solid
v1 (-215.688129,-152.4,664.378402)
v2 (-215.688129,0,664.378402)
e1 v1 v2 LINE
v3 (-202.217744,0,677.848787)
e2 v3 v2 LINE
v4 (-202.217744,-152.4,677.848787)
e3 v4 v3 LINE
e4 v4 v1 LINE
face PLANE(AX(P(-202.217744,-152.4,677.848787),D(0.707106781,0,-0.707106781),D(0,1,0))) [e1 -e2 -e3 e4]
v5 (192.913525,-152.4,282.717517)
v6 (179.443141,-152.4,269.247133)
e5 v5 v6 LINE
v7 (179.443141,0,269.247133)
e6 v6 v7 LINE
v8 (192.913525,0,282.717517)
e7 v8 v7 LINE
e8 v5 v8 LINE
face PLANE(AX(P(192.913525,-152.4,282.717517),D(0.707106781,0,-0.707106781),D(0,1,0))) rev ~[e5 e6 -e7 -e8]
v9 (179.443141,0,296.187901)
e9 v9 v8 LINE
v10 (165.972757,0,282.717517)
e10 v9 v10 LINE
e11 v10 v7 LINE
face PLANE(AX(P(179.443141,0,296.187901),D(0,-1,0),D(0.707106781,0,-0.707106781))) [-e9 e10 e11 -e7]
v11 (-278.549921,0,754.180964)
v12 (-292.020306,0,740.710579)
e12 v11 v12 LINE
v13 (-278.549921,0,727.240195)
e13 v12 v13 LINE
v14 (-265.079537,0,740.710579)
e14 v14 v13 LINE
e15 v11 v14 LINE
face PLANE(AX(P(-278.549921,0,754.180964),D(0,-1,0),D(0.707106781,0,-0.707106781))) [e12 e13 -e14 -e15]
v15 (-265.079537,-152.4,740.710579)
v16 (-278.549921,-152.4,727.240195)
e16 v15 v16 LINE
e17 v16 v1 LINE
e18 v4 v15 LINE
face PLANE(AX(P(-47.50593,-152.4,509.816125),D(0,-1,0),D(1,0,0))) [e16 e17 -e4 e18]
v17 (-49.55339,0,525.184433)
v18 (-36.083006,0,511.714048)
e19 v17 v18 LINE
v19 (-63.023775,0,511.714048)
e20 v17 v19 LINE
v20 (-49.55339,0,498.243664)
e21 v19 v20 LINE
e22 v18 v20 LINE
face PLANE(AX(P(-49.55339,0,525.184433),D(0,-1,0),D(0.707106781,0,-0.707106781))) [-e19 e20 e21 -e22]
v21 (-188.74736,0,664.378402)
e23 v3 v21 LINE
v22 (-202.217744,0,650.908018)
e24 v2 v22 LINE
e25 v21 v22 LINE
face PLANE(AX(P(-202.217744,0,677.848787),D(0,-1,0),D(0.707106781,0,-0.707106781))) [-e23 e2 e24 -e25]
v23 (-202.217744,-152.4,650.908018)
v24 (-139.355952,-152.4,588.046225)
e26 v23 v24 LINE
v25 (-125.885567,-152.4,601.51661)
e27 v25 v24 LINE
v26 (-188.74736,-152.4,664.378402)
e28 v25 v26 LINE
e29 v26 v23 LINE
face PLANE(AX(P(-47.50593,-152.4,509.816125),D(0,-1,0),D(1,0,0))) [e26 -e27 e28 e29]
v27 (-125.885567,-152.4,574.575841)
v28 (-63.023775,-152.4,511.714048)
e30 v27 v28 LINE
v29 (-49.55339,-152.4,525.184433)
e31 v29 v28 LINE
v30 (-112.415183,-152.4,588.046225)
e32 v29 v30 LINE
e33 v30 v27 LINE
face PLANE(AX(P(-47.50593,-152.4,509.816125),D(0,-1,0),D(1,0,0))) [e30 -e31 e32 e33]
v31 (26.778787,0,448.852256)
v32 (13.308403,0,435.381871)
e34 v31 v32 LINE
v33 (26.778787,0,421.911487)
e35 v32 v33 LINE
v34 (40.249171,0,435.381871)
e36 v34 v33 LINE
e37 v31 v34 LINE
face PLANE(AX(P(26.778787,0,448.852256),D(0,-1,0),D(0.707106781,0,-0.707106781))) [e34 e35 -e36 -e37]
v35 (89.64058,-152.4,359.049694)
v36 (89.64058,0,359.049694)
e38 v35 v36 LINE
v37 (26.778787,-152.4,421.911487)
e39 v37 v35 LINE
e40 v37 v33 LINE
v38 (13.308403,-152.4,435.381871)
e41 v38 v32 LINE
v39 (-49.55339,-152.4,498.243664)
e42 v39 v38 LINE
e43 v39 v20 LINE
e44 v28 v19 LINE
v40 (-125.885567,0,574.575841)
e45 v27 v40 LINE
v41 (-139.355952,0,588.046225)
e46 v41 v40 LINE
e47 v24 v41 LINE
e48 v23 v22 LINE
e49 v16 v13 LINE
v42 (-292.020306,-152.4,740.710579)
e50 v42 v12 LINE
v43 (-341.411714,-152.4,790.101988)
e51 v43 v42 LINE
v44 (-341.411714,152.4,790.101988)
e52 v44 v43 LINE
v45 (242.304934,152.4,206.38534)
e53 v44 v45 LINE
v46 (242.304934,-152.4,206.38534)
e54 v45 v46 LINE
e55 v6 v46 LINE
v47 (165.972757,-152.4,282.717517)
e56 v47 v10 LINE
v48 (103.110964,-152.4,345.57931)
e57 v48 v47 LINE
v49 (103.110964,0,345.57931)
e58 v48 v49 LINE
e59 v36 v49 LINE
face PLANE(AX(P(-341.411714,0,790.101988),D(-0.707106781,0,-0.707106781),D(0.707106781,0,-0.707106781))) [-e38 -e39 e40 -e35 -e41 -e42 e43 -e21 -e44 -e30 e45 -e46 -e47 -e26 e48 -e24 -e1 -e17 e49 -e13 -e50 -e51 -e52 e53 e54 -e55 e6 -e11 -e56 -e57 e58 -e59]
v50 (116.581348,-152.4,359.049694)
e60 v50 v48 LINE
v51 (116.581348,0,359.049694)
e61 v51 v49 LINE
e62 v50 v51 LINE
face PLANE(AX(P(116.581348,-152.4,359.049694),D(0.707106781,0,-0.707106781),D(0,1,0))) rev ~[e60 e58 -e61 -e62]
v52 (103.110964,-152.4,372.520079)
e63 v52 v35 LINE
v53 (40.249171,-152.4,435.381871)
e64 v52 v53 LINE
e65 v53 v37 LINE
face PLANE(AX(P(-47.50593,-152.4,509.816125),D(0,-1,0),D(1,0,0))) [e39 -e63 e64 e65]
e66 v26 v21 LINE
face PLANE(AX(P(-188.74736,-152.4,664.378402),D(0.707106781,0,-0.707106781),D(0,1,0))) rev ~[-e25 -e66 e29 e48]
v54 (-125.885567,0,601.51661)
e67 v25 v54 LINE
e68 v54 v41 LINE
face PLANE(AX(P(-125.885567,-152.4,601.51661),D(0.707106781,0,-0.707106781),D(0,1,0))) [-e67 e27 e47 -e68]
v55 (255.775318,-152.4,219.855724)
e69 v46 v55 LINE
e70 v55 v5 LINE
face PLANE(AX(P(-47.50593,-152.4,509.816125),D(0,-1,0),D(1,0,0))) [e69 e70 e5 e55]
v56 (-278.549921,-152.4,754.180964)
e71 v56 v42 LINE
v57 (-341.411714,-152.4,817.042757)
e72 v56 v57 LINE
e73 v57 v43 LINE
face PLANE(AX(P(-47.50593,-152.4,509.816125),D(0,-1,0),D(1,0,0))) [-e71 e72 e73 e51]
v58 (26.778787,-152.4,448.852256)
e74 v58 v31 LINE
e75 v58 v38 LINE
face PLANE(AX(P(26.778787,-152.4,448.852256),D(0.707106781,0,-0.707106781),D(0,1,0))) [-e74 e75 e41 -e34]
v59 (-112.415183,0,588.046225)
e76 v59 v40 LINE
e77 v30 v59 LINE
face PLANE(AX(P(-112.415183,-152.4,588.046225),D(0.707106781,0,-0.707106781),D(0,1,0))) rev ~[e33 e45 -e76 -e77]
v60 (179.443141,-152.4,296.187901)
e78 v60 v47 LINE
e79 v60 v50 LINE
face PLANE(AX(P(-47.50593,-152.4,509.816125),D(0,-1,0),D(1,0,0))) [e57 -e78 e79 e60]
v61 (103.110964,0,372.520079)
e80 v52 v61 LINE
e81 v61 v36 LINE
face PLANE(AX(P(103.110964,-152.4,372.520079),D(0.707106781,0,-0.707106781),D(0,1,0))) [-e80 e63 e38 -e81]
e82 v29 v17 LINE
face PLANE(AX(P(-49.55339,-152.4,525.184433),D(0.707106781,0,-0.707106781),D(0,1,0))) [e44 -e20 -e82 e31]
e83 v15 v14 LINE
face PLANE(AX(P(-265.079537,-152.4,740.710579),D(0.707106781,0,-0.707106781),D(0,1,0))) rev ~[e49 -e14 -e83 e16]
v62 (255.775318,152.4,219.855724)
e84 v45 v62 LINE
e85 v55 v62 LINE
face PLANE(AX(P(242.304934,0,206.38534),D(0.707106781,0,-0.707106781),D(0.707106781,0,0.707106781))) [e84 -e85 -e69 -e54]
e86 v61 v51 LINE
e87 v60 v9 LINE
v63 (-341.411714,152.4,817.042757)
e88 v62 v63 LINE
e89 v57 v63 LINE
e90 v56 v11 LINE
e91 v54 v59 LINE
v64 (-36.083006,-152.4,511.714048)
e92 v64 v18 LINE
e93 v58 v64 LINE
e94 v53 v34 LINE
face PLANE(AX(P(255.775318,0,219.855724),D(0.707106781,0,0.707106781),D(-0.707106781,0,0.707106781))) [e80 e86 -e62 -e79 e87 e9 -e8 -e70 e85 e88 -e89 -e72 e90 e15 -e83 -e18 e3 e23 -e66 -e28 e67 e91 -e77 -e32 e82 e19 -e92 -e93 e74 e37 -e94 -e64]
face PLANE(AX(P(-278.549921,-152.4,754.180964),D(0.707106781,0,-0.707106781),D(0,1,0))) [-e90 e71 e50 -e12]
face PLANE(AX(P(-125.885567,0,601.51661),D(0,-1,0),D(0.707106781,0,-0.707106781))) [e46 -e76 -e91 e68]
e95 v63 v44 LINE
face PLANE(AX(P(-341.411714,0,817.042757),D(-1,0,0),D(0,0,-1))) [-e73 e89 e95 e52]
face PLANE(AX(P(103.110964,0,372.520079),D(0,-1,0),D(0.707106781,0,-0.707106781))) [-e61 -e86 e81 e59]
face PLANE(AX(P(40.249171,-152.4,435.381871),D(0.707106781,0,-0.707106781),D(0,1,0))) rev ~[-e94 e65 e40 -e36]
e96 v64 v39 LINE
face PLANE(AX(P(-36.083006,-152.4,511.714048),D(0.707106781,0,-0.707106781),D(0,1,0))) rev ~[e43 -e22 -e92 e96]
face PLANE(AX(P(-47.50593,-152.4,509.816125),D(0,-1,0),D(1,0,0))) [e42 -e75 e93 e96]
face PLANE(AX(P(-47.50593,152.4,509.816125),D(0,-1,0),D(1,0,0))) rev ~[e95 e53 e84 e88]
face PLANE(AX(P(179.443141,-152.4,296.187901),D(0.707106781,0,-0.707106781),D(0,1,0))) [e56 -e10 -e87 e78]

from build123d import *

# Parameters (mm, degrees)
F1_DEPTH = 152.4
F2_W     = 19.05
F2_H     = 152.4
F3_DEPTH = 19.05


with BuildPart() as f1:
    # F0 (on Front) → F1 (new body, symmetric)
    with BuildSketch(Plane.XZ):
        Polygon((-341.4117142798, 817.0427565066), (-341.4117142798, 790.1019881433), (242.3049335897, 206.3853402739), (255.7753177713, 219.8557244555), align=None)
    extrude(amount=F1_DEPTH, both=True)

    # F2 (on face) → F3 (cut)
    with BuildSketch(Plane(origin=(237.8155211134, 0, 237.8155211134), x_dir=(0.7071067812, 0, -0.7071067812), z_dir=(0.7071067812, 0, 0.7071067812))):
        with Locations((-720.7260119889, -76.2)):
            Rectangle(F2_W, F2_H)
        with Locations((-612.7760119889, -76.2)):
            Rectangle(F2_W, F2_H)
        with Locations((-504.8260119889, -76.2)):
            Rectangle(F2_W, F2_H)
        with Locations((-396.8760119889, -76.2)):
            Rectangle(F2_W, F2_H)
        with Locations((-288.9260119889, -76.2)):
            Rectangle(F2_W, F2_H)
        with Locations((-180.9760119889, -76.2)):
            Rectangle(F2_W, F2_H)
        with Locations((-73.0260119889, -76.2)):
            Rectangle(F2_W, F2_H)
    extrude(amount=-F3_DEPTH, mode=Mode.SUBTRACT)


solid = f1.part
